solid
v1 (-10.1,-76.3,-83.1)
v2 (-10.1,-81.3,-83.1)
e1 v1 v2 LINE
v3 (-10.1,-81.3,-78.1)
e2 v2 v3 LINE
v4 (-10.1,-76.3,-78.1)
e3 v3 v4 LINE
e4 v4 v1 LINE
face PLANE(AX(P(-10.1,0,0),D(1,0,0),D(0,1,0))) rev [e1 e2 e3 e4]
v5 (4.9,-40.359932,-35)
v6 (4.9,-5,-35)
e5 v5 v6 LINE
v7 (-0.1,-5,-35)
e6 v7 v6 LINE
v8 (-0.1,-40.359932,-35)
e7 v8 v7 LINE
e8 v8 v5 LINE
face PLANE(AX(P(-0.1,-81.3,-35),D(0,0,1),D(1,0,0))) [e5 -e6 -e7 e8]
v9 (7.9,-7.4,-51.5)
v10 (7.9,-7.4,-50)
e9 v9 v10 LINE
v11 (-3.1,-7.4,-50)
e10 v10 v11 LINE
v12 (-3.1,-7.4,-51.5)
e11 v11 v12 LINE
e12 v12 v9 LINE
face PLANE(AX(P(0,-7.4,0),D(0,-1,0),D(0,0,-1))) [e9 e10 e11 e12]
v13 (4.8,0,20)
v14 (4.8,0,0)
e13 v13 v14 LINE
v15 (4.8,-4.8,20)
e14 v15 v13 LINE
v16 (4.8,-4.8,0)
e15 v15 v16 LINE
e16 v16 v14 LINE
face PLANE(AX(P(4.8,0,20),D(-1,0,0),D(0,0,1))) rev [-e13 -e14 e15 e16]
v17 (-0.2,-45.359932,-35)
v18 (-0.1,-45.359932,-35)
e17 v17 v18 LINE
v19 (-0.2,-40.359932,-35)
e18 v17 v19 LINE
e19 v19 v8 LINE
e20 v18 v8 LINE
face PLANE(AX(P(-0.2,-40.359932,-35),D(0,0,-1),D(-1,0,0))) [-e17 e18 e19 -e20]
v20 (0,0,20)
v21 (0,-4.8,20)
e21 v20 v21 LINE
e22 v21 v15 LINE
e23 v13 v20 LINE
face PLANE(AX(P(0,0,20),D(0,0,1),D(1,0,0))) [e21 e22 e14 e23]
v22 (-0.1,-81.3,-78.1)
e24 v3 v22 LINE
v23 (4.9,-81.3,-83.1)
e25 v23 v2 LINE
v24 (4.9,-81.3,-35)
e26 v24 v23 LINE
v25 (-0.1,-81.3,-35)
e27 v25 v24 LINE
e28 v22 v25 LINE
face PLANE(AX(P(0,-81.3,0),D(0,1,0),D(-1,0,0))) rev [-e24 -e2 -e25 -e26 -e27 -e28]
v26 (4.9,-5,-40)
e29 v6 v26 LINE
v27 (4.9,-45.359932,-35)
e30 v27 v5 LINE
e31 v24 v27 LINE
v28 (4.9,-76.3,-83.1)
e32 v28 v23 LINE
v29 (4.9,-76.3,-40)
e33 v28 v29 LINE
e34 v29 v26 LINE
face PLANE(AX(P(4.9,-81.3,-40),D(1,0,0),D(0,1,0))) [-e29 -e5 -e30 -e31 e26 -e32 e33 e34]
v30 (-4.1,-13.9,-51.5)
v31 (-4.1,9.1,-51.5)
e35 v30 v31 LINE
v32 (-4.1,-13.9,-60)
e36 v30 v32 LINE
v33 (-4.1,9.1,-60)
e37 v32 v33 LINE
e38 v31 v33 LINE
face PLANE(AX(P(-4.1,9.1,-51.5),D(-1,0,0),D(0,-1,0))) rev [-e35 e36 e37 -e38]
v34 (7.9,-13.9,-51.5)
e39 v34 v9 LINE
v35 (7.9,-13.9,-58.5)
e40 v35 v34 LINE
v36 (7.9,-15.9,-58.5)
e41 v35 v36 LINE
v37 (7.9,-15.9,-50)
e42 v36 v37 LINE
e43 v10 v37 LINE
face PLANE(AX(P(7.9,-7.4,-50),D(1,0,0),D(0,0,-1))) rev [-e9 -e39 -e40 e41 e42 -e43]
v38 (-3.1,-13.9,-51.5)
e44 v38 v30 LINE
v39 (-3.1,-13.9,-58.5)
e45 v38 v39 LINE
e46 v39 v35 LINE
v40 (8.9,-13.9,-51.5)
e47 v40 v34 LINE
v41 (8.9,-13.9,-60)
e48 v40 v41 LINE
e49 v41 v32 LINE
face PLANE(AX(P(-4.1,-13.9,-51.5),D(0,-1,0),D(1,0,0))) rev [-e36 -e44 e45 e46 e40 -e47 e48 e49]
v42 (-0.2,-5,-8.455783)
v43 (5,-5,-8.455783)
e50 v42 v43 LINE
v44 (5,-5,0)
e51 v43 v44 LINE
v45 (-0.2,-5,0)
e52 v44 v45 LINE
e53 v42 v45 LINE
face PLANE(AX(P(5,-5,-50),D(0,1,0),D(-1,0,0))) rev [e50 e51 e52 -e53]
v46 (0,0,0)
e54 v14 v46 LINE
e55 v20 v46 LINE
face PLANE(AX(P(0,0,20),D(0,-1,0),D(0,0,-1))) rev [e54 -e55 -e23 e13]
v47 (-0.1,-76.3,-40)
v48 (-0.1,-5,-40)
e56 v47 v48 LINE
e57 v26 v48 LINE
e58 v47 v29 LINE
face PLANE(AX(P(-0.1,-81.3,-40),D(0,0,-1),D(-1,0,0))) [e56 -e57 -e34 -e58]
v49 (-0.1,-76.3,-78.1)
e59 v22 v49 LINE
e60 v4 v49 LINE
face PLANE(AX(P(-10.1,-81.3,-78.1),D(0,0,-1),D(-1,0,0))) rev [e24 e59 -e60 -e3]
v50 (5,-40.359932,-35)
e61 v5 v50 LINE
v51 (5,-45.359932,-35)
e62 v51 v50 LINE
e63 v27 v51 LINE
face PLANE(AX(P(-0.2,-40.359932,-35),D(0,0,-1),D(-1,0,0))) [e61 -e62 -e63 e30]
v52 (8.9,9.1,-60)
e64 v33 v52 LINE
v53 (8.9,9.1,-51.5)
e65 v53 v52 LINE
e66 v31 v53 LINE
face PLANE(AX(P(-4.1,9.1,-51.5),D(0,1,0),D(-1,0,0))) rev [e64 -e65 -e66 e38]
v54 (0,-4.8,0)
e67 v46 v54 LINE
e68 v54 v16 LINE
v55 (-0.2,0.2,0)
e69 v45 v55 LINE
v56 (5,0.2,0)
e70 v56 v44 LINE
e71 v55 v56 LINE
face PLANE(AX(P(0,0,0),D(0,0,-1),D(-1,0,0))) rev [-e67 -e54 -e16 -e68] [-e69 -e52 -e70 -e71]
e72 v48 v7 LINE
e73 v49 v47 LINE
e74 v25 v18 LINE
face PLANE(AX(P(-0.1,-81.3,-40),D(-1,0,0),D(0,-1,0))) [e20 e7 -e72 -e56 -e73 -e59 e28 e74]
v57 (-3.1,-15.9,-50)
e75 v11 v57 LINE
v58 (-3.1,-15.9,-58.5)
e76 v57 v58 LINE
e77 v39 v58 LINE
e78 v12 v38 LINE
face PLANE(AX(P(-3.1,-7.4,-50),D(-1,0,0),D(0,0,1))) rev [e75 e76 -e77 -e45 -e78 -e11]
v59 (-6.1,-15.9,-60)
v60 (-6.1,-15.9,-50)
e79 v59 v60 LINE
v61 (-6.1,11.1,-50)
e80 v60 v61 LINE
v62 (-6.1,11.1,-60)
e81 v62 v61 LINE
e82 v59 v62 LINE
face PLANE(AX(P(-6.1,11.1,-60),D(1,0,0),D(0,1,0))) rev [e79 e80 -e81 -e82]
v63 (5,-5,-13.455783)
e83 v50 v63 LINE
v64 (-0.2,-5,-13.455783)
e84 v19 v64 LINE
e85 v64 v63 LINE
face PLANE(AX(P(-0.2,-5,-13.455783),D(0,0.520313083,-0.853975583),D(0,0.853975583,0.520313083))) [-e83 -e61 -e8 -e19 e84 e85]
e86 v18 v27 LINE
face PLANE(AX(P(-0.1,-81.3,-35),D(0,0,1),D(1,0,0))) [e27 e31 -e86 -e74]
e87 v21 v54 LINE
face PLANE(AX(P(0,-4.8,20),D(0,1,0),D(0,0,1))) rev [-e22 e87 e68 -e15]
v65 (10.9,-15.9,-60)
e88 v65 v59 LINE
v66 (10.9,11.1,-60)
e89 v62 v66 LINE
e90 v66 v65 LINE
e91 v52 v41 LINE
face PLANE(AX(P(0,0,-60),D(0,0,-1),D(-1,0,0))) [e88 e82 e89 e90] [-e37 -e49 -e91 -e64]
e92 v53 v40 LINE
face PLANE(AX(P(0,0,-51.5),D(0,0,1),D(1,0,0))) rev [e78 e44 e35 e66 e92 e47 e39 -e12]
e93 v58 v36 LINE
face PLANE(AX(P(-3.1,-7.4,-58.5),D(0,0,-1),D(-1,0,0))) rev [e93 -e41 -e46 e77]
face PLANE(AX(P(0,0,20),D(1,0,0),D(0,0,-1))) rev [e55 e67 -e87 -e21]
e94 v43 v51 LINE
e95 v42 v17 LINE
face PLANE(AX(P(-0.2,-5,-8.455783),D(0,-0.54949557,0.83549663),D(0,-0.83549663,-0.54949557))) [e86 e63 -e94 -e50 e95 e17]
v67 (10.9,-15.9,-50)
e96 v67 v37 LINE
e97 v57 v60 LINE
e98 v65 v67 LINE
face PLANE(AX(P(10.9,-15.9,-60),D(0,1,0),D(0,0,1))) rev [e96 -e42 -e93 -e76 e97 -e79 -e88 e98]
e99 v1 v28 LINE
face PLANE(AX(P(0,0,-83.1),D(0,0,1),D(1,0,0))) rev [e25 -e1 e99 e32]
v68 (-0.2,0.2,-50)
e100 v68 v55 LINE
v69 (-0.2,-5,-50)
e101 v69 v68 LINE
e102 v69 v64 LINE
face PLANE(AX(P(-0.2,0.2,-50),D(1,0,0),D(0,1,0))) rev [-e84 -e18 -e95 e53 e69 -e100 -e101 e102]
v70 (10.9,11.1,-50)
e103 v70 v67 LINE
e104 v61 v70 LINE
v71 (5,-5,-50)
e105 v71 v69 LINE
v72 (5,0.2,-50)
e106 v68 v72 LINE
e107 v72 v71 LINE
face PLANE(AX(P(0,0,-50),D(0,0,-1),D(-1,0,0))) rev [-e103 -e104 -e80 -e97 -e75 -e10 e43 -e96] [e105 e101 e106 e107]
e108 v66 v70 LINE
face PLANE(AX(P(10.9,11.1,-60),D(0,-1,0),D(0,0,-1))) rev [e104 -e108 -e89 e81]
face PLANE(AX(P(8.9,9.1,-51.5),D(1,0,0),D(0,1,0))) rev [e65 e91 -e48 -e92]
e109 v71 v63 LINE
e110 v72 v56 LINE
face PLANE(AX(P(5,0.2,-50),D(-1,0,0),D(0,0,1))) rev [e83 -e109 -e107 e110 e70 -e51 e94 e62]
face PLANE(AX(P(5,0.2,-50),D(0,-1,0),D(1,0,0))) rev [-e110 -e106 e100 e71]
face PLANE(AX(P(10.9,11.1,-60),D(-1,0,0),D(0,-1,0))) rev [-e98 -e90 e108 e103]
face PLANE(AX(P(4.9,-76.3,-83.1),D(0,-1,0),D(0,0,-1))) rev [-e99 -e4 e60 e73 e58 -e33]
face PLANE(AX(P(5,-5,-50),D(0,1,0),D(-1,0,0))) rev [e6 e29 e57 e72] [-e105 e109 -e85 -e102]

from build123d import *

# Parameters (mm, degrees)
SKETCH1_W           = 4.8
SKETCH1_H           = 4.8
BOSS_EXTRUDE1_DEPTH = 20
SKETCH2_W           = 5.2
SKETCH2_H           = 5.2
BOSS_EXTRUDE2_DEPTH = 50
SKETCH3_W           = 17
SKETCH3_H           = 27
BOSS_EXTRUDE3_DEPTH = 10
SKETCH4_W           = 13
SKETCH4_H           = 23
CUT_EXTRUDE1_DEPTH  = 8.5
SKETCH5_W           = 11
SKETCH5_H           = 8.5
CUT_EXTRUDE2_DEPTH  = 8.5
SKETCH6_W           = 5
SKETCH6_H           = 5
BOSS_EXTRUDE4_DEPTH = 81.5
SKETCH7_W           = 5
SKETCH7_H           = 5
BOSS_EXTRUDE5_DEPTH = 43.1
BOSS_EXTRUDE6_DEPTH = 5.2
SKETCH13_W          = 5
SKETCH13_H          = 5
BOSS_EXTRUDE7_DEPTH = 10


with BuildPart() as part:
    # Sketch1 → Boss-Extrude1 (new body)
    with BuildSketch(Plane.XY):
        with Locations((2.4, -2.4)):
            Rectangle(SKETCH1_W, SKETCH1_H)
    extrude(amount=BOSS_EXTRUDE1_DEPTH)

    # Sketch2 → Boss-Extrude2 (add)
    with BuildSketch(Plane(origin=(0, 0, 0), x_dir=(-1, 0, 0), z_dir=(0, 0, -1))):
        with Locations((-2.4, -2.4)):
            Rectangle(SKETCH2_W, SKETCH2_H)
    extrude(amount=BOSS_EXTRUDE2_DEPTH)

    # Sketch3 → Boss-Extrude3 (add)
    with BuildSketch(Plane(origin=(0, 0, -50), x_dir=(-1, 0, 0), z_dir=(0, 0, -1))):
        with Locations((-2.4, -2.4)):
            Rectangle(SKETCH3_W, SKETCH3_H)
    extrude(amount=BOSS_EXTRUDE3_DEPTH)

    # Sketch4 → Cut-Extrude1 (cut)
    with BuildSketch(Plane(origin=(0, 0, -60), x_dir=(-1, 0, 0), z_dir=(0, 0, -1))):
        with Locations((-2.4, -2.4)):
            Rectangle(SKETCH4_W, SKETCH4_H)
    extrude(amount=-CUT_EXTRUDE1_DEPTH, mode=Mode.SUBTRACT)

    # Sketch5 → Cut-Extrude2 (cut)
    with BuildSketch(Plane.XZ.offset(15.9)):
        with Locations((2.4, -54.25)):
            Rectangle(SKETCH5_W, SKETCH5_H)
    extrude(amount=-CUT_EXTRUDE2_DEPTH, mode=Mode.SUBTRACT)

    # Sketch6 → Boss-Extrude4 (add)
    with BuildSketch(Plane(origin=(0, 0.2, 0), x_dir=(1, 0, 0), z_dir=(0, 1, 0))):
        with Locations((2.4, 37.5)):
            Rectangle(SKETCH6_W, SKETCH6_H)
    extrude(amount=-BOSS_EXTRUDE4_DEPTH)

    # Sketch7 → Boss-Extrude5 (add)
    with BuildSketch(Plane(origin=(0, 0, -40), x_dir=(-1, 0, 0), z_dir=(0, 0, -1))):
        with Locations((-2.4, -78.8)):
            Rectangle(SKETCH7_W, SKETCH7_H)
    extrude(amount=BOSS_EXTRUDE5_DEPTH)

    # Sketch12 → Boss-Extrude6 (add)
    with BuildSketch(Plane(origin=(5, 0, 0), x_dir=(0, 0, -1), z_dir=(1, 0, 0))):
        Polygon((13.455782968, -5), (35, -40.359932103), (35, -45.359932103), (8.455782968, -5), align=None)
    extrude(amount=-BOSS_EXTRUDE6_DEPTH)

    # Sketch13 → Boss-Extrude7 (add)
    with BuildSketch(Plane.ZY.offset(0.1)):
        with Locations((-80.6, -78.8)):
            Rectangle(SKETCH13_W, SKETCH13_H)
    extrude(amount=BOSS_EXTRUDE7_DEPTH)


solid = part.part
